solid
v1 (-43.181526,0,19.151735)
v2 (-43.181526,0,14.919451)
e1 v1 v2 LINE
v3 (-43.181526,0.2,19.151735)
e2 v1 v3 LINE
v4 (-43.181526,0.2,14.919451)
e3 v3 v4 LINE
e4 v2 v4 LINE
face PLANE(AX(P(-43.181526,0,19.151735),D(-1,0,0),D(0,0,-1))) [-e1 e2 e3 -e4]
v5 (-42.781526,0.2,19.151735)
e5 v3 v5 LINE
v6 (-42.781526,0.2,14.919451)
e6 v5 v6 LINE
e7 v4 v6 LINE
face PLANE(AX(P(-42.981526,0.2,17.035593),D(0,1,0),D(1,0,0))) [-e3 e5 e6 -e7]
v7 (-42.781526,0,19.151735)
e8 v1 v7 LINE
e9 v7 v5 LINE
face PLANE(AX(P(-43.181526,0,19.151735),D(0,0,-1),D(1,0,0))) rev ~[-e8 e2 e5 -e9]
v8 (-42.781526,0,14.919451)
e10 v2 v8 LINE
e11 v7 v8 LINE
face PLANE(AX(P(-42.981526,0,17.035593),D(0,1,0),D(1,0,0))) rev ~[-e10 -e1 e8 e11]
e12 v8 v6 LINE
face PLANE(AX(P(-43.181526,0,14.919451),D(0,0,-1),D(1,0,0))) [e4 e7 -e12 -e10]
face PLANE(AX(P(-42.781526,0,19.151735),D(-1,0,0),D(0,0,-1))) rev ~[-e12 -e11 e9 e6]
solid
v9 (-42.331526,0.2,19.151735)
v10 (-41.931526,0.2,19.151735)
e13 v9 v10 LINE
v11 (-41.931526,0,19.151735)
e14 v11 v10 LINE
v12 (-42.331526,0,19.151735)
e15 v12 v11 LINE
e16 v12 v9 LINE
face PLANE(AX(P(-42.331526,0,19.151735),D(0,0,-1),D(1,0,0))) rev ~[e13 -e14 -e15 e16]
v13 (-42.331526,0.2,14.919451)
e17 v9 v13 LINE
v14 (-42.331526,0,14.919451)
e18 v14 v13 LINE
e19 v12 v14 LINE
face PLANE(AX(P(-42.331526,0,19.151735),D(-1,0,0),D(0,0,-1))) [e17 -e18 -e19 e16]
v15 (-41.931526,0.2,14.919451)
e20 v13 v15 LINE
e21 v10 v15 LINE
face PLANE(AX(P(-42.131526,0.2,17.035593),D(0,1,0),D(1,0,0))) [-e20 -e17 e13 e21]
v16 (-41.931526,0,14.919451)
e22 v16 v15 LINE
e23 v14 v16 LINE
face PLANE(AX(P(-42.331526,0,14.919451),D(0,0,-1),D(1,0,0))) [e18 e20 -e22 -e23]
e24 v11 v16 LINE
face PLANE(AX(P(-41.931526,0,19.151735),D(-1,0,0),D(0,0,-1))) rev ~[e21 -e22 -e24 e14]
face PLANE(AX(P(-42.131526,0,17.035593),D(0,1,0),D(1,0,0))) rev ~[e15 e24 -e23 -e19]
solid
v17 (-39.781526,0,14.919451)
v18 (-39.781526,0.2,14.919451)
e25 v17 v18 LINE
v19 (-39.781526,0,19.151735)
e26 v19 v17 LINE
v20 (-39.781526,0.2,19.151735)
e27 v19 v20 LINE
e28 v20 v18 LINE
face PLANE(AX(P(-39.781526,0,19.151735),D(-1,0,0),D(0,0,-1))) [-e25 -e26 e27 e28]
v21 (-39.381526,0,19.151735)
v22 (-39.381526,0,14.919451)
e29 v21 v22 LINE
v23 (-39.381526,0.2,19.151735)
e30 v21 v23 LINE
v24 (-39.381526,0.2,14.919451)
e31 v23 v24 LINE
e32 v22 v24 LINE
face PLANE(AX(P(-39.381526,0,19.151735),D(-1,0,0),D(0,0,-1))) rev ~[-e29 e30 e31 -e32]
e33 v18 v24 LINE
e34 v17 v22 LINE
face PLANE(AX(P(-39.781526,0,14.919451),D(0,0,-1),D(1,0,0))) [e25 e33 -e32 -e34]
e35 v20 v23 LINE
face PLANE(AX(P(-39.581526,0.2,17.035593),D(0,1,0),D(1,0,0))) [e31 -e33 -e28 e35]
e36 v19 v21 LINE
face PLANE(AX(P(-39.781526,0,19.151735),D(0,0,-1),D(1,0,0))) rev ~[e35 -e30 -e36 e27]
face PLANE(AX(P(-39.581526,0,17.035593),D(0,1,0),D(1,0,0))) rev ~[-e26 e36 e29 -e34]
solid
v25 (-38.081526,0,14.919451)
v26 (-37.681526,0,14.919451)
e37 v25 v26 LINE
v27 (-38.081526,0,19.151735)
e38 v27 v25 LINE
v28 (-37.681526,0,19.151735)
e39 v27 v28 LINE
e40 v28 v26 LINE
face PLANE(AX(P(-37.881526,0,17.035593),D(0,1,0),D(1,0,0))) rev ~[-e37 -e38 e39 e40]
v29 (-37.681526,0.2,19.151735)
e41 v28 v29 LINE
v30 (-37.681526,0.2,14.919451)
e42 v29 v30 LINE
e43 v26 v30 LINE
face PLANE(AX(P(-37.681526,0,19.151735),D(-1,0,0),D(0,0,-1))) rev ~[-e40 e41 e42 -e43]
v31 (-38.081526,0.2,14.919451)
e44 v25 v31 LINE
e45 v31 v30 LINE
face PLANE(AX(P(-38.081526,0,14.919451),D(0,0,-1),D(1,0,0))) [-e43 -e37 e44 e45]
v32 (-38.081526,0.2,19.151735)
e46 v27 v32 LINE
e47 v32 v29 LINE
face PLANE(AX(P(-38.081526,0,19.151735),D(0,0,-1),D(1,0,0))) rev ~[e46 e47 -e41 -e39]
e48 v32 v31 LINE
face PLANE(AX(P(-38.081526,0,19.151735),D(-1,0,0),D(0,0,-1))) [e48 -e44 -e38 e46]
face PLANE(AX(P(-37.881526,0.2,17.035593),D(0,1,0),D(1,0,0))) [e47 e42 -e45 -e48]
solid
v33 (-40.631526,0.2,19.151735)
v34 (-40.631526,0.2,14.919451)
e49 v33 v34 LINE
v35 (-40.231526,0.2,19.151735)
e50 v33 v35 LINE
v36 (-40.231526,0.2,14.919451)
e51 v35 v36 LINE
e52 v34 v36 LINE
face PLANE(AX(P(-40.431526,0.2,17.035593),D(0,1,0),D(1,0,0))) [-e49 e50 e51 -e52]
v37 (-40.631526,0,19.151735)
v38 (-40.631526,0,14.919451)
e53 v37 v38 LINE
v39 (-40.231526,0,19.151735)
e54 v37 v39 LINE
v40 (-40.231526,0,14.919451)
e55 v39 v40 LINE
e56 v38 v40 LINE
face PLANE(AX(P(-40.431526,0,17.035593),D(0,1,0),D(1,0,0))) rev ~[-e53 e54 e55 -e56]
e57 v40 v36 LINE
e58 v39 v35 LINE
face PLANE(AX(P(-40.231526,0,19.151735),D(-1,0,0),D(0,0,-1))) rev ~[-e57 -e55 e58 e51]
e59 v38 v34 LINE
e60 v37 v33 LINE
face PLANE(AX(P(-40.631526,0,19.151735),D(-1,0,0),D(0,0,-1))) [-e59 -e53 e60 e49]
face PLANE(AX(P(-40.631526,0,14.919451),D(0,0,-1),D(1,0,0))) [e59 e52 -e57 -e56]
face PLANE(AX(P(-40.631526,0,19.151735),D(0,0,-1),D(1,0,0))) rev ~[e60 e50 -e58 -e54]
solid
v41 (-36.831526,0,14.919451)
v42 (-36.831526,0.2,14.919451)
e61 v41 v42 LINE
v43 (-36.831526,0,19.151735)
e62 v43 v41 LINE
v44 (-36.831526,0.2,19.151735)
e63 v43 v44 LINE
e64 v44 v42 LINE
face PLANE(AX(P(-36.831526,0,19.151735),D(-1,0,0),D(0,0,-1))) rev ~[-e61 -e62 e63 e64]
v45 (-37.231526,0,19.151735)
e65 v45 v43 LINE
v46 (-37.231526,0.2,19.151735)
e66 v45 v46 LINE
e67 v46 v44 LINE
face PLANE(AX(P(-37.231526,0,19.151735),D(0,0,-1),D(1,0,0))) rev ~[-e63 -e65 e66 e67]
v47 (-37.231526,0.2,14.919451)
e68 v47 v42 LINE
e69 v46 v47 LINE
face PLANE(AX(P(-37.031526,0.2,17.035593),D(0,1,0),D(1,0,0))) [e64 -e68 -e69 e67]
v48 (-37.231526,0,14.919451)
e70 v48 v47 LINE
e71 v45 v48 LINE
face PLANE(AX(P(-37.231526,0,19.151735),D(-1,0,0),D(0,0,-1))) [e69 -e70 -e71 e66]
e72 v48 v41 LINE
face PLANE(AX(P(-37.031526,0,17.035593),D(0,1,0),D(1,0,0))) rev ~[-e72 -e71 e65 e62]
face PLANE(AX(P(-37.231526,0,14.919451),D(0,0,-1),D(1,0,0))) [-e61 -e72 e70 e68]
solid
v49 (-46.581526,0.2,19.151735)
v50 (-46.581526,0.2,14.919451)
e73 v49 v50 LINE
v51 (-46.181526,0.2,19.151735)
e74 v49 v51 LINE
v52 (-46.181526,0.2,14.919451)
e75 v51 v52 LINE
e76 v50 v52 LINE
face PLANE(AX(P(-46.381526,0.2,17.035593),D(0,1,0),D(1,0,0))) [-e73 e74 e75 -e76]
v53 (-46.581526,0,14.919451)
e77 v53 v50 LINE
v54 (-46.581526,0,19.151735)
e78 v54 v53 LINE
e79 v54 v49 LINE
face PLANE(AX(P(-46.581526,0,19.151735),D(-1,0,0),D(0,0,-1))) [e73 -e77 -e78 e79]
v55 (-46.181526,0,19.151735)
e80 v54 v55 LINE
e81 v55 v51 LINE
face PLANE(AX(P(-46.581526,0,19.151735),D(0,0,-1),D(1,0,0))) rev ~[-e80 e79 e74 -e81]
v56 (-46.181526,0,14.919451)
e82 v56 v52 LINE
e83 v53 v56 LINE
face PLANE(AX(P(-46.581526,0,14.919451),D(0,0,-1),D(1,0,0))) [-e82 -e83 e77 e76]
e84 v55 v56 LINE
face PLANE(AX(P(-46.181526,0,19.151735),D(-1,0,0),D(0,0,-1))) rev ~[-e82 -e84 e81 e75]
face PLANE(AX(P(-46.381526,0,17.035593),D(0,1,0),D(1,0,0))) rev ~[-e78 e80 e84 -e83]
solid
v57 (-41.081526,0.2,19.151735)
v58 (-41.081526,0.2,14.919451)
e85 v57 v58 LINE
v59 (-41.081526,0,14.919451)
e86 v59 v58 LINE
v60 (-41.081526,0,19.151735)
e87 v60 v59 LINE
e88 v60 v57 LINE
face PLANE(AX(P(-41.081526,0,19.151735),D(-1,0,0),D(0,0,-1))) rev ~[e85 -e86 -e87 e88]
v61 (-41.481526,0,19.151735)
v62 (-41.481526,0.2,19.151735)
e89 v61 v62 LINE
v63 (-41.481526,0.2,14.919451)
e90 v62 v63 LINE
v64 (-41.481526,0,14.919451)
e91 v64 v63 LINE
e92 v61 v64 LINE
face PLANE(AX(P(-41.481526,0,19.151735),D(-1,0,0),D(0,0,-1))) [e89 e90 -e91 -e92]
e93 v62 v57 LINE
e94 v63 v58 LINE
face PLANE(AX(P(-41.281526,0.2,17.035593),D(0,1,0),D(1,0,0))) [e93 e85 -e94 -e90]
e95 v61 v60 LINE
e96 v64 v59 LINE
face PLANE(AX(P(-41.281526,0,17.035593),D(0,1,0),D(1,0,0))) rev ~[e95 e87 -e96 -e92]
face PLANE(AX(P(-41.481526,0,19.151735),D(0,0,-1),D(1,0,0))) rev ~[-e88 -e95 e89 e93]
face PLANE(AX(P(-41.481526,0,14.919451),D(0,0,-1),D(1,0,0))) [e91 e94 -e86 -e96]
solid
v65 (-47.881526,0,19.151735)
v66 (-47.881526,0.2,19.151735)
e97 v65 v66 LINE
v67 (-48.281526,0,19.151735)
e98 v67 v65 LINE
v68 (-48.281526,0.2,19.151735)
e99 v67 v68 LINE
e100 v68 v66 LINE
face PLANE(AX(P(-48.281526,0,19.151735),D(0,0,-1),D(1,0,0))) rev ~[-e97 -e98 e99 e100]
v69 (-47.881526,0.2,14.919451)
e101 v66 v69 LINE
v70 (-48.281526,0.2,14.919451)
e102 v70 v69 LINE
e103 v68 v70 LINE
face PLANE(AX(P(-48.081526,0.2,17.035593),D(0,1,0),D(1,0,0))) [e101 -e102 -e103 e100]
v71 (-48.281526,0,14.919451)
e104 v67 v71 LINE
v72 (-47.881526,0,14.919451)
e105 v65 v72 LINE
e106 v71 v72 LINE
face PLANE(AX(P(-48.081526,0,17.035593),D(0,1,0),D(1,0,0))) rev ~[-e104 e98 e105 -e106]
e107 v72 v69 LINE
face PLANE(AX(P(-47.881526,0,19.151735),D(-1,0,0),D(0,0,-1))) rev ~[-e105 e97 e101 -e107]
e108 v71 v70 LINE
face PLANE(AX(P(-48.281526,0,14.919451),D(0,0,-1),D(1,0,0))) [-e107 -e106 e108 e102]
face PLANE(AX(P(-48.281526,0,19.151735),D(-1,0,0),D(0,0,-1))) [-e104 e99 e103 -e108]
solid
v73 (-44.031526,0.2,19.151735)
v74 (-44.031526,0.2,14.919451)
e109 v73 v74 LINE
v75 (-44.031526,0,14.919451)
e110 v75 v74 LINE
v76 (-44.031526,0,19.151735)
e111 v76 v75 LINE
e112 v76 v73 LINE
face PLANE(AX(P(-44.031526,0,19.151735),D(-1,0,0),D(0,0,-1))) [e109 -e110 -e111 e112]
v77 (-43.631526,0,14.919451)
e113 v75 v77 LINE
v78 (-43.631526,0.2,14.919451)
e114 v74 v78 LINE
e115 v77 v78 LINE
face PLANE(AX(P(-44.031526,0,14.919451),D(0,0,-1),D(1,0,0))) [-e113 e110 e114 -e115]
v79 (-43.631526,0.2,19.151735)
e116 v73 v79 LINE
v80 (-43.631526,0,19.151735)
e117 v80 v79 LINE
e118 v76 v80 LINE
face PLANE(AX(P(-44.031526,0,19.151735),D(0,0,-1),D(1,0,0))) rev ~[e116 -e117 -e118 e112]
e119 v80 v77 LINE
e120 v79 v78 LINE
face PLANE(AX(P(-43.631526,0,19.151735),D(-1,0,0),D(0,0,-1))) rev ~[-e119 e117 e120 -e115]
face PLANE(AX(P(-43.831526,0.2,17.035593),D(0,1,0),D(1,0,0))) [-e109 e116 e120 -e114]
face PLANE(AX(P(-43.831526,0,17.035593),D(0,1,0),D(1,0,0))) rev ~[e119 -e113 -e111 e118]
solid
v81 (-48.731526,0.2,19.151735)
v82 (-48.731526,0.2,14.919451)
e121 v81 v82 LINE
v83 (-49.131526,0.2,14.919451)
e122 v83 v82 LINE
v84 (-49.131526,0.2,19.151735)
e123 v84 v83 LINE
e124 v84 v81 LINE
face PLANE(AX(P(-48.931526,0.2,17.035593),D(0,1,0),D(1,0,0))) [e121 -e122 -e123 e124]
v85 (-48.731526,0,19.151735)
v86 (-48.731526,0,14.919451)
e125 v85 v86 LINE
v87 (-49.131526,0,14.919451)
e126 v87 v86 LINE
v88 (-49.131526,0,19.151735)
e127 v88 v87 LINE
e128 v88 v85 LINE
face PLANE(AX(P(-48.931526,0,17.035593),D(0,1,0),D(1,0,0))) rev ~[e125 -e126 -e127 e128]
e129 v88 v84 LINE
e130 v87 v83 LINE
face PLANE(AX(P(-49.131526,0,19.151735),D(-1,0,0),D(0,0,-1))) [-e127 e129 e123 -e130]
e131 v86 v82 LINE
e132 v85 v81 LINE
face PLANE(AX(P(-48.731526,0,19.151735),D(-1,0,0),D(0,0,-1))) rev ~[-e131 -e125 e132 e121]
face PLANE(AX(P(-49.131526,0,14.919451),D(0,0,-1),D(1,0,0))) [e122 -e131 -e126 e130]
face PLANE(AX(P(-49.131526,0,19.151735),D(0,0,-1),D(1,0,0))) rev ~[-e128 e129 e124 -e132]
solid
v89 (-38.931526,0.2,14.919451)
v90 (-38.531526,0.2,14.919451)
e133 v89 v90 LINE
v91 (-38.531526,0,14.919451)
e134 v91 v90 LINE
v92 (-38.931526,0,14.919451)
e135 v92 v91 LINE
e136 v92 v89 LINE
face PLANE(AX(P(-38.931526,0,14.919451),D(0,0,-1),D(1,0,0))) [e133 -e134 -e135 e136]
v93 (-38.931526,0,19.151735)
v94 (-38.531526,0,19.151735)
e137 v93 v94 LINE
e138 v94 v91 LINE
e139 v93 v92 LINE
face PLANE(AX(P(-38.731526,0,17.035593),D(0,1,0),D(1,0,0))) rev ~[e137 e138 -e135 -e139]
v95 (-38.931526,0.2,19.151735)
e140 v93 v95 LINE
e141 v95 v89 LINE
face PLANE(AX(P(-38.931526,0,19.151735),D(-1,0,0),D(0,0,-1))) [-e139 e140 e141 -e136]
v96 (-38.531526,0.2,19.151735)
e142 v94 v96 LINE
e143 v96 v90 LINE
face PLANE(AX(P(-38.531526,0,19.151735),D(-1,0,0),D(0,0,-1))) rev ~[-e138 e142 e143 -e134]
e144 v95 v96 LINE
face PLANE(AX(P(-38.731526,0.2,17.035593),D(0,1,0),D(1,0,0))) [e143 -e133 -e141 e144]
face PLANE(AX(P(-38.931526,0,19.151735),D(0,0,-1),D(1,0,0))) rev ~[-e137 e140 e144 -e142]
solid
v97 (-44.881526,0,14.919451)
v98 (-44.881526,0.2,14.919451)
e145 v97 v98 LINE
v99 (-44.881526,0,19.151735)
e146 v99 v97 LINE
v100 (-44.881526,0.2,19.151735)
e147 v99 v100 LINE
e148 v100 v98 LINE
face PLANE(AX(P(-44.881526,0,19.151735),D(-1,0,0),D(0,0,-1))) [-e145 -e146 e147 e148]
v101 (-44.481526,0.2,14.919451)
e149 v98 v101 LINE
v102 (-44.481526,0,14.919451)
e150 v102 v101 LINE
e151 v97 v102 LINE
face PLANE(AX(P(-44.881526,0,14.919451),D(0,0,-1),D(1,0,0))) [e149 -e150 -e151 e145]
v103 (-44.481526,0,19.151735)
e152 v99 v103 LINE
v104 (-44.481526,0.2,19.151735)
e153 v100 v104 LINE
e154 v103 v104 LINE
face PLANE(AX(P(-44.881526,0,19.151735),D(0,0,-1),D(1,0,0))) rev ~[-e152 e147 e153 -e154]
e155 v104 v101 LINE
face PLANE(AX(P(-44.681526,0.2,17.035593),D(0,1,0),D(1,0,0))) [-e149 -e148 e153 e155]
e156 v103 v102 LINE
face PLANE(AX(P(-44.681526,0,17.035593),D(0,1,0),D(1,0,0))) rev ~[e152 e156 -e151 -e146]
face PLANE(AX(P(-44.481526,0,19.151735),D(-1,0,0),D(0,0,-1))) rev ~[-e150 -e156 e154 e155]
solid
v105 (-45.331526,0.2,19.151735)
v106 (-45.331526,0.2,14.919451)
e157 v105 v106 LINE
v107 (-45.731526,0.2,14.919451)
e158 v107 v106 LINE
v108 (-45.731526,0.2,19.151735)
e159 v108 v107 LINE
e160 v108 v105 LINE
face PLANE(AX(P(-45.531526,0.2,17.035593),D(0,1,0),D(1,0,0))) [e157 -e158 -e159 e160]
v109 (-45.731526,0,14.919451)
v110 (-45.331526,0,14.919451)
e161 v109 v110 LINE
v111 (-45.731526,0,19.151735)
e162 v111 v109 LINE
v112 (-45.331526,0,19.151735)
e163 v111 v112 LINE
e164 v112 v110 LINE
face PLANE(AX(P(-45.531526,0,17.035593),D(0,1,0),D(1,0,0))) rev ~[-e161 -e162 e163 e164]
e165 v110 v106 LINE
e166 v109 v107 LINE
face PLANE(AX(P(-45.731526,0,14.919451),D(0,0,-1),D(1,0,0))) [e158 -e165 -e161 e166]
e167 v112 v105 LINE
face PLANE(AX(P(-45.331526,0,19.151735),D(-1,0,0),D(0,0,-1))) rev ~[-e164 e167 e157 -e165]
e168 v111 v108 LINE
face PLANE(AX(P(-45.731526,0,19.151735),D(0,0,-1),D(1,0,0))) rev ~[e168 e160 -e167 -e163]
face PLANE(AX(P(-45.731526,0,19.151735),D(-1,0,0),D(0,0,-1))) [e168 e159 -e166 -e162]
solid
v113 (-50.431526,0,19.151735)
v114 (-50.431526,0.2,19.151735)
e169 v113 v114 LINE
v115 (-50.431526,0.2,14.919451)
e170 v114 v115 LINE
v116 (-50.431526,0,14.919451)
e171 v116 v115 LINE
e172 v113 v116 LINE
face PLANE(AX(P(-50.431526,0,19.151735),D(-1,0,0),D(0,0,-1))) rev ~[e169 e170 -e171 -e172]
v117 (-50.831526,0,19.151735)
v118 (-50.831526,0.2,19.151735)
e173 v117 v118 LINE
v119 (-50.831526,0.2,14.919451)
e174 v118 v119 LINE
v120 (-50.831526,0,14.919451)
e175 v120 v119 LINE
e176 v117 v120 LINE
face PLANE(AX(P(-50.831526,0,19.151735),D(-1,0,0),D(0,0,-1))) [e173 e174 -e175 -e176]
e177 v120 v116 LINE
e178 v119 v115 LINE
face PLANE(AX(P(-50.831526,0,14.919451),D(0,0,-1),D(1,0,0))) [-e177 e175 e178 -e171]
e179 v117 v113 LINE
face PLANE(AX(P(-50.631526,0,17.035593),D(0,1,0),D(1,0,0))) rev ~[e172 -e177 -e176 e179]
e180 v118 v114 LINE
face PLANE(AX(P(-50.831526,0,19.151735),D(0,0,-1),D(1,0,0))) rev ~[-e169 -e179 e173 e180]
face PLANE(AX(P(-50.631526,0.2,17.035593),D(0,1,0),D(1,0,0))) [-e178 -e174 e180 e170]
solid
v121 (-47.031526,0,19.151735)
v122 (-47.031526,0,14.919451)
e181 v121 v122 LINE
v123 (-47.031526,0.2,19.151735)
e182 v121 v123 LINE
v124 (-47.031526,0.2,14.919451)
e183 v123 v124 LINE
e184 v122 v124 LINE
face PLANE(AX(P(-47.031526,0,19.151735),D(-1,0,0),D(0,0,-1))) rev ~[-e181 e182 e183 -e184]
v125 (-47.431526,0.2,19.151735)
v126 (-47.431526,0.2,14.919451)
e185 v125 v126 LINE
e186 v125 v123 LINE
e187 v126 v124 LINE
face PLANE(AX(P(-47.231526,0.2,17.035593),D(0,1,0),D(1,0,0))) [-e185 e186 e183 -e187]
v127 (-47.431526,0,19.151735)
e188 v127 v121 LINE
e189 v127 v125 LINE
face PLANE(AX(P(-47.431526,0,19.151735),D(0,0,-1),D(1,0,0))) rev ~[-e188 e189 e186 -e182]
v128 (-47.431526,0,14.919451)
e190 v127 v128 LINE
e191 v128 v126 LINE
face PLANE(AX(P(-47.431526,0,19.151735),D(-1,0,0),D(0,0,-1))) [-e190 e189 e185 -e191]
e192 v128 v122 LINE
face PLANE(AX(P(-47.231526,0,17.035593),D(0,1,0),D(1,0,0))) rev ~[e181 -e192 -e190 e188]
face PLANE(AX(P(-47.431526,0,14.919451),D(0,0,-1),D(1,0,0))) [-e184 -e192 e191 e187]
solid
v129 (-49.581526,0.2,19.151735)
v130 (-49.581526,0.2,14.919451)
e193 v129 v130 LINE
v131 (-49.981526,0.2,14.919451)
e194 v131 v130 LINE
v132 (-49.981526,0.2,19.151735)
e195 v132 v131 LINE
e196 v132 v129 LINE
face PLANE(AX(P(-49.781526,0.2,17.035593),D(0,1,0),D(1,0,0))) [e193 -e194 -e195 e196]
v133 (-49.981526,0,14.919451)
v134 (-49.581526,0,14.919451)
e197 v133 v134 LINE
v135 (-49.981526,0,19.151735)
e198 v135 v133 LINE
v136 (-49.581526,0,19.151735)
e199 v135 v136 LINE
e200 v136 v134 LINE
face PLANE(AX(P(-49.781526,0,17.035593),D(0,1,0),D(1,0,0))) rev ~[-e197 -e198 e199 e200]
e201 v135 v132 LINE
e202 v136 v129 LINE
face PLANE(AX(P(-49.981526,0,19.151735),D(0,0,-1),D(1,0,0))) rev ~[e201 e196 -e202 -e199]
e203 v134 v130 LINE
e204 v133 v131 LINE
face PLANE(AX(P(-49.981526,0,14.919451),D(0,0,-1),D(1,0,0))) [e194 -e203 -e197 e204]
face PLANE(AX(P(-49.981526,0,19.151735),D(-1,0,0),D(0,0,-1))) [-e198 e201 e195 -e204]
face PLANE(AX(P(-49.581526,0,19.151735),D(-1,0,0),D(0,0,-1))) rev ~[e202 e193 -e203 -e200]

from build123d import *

# Parameters (mm, degrees)
SKETCH1_W              = 0.4
SKETCH1_H              = 4.232283465
BOSS_EXTRUDE1_DEPTH    = 0.2
BOSS_EXTRUDE1_2_DEPTH  = 0.2
BOSS_EXTRUDE1_3_DEPTH  = 0.2
BOSS_EXTRUDE1_4_DEPTH  = 0.2
BOSS_EXTRUDE1_5_DEPTH  = 0.2
BOSS_EXTRUDE1_6_DEPTH  = 0.2
BOSS_EXTRUDE1_7_DEPTH  = 0.2
BOSS_EXTRUDE1_8_DEPTH  = 0.2
BOSS_EXTRUDE1_9_DEPTH  = 0.2
BOSS_EXTRUDE1_10_DEPTH = 0.2
BOSS_EXTRUDE1_11_DEPTH = 0.2
BOSS_EXTRUDE1_12_DEPTH = 0.2
BOSS_EXTRUDE1_13_DEPTH = 0.2
BOSS_EXTRUDE1_14_DEPTH = 0.2
BOSS_EXTRUDE1_15_DEPTH = 0.2
BOSS_EXTRUDE1_16_DEPTH = 0.2
BOSS_EXTRUDE1_17_DEPTH = 0.2


with BuildPart() as part:
    # Sketch1 → Boss-Extrude1 (new body)
    with BuildSketch(Plane(origin=(0, 0, 0), x_dir=(1, 0, 0), z_dir=(0, 1, 0))):
        with Locations((-49.781526204, -17.035592861)):
            Rectangle(SKETCH1_W, SKETCH1_H)
    extrude(amount=BOSS_EXTRUDE1_DEPTH)


with BuildPart() as body_2:
    # Sketch1 → Boss-Extrude1 2 (new body)
    with BuildSketch(Plane(origin=(0, 0, 0), x_dir=(1, 0, 0), z_dir=(0, 1, 0))):
        with Locations((-50.631526204, -17.035592861)):
            Rectangle(SKETCH1_W, SKETCH1_H)
    extrude(amount=BOSS_EXTRUDE1_2_DEPTH)


with BuildPart() as body_3:
    # Sketch1 → Boss-Extrude1 3 (new body)
    with BuildSketch(Plane(origin=(0, 0, 0), x_dir=(1, 0, 0), z_dir=(0, 1, 0))):
        with Locations((-48.931526204, -17.035592861)):
            Rectangle(SKETCH1_W, SKETCH1_H)
    extrude(amount=BOSS_EXTRUDE1_3_DEPTH)


with BuildPart() as body_4:
    # Sketch1 → Boss-Extrude1 4 (new body)
    with BuildSketch(Plane(origin=(0, 0, 0), x_dir=(1, 0, 0), z_dir=(0, 1, 0))):
        with Locations((-48.081526204, -17.035592861)):
            Rectangle(SKETCH1_W, SKETCH1_H)
    extrude(amount=BOSS_EXTRUDE1_4_DEPTH)


with BuildPart() as body_5:
    # Sketch1 → Boss-Extrude1 5 (new body)
    with BuildSketch(Plane(origin=(0, 0, 0), x_dir=(1, 0, 0), z_dir=(0, 1, 0))):
        with Locations((-47.231526204, -17.035592861)):
            Rectangle(SKETCH1_W, SKETCH1_H)
    extrude(amount=BOSS_EXTRUDE1_5_DEPTH)


with BuildPart() as body_6:
    # Sketch1 → Boss-Extrude1 6 (new body)
    with BuildSketch(Plane(origin=(0, 0, 0), x_dir=(1, 0, 0), z_dir=(0, 1, 0))):
        with Locations((-46.381526204, -17.035592861)):
            Rectangle(SKETCH1_W, SKETCH1_H)
    extrude(amount=BOSS_EXTRUDE1_6_DEPTH)


with BuildPart() as body_7:
    # Sketch1 → Boss-Extrude1 7 (new body)
    with BuildSketch(Plane(origin=(0, 0, 0), x_dir=(1, 0, 0), z_dir=(0, 1, 0))):
        with Locations((-45.531526204, -17.035592861)):
            Rectangle(SKETCH1_W, SKETCH1_H)
    extrude(amount=BOSS_EXTRUDE1_7_DEPTH)


with BuildPart() as body_8:
    # Sketch1 → Boss-Extrude1 8 (new body)
    with BuildSketch(Plane(origin=(0, 0, 0), x_dir=(1, 0, 0), z_dir=(0, 1, 0))):
        with Locations((-44.681526204, -17.035592861)):
            Rectangle(SKETCH1_W, SKETCH1_H)
    extrude(amount=BOSS_EXTRUDE1_8_DEPTH)


with BuildPart() as body_9:
    # Sketch1 → Boss-Extrude1 9 (new body)
    with BuildSketch(Plane(origin=(0, 0, 0), x_dir=(1, 0, 0), z_dir=(0, 1, 0))):
        with Locations((-43.831526204, -17.035592861)):
            Rectangle(SKETCH1_W, SKETCH1_H)
    extrude(amount=BOSS_EXTRUDE1_9_DEPTH)


with BuildPart() as body_10:
    # Sketch1 → Boss-Extrude1 10 (new body)
    with BuildSketch(Plane(origin=(0, 0, 0), x_dir=(1, 0, 0), z_dir=(0, 1, 0))):
        with Locations((-42.981526204, -17.035592861)):
            Rectangle(SKETCH1_W, SKETCH1_H)
    extrude(amount=BOSS_EXTRUDE1_10_DEPTH)


with BuildPart() as body_11:
    # Sketch1 → Boss-Extrude1 11 (new body)
    with BuildSketch(Plane(origin=(0, 0, 0), x_dir=(1, 0, 0), z_dir=(0, 1, 0))):
        with Locations((-42.131526204, -17.035592861)):
            Rectangle(SKETCH1_W, SKETCH1_H)
    extrude(amount=BOSS_EXTRUDE1_11_DEPTH)


with BuildPart() as body_12:
    # Sketch1 → Boss-Extrude1 12 (new body)
    with BuildSketch(Plane(origin=(0, 0, 0), x_dir=(1, 0, 0), z_dir=(0, 1, 0))):
        with Locations((-41.281526204, -17.035592861)):
            Rectangle(SKETCH1_W, SKETCH1_H)
    extrude(amount=BOSS_EXTRUDE1_12_DEPTH)


with BuildPart() as body_13:
    # Sketch1 → Boss-Extrude1 13 (new body)
    with BuildSketch(Plane(origin=(0, 0, 0), x_dir=(1, 0, 0), z_dir=(0, 1, 0))):
        with Locations((-40.431526204, -17.035592861)):
            Rectangle(SKETCH1_W, SKETCH1_H)
    extrude(amount=BOSS_EXTRUDE1_13_DEPTH)


with BuildPart() as body_14:
    # Sketch1 → Boss-Extrude1 14 (new body)
    with BuildSketch(Plane(origin=(0, 0, 0), x_dir=(1, 0, 0), z_dir=(0, 1, 0))):
        with Locations((-39.581526204, -17.035592861)):
            Rectangle(SKETCH1_W, SKETCH1_H)
    extrude(amount=BOSS_EXTRUDE1_14_DEPTH)


with BuildPart() as body_15:
    # Sketch1 → Boss-Extrude1 15 (new body)
    with BuildSketch(Plane(origin=(0, 0, 0), x_dir=(1, 0, 0), z_dir=(0, 1, 0))):
        with Locations((-38.731526204, -17.035592861)):
            Rectangle(SKETCH1_W, SKETCH1_H)
    extrude(amount=BOSS_EXTRUDE1_15_DEPTH)


with BuildPart() as body_16:
    # Sketch1 → Boss-Extrude1 16 (new body)
    with BuildSketch(Plane(origin=(0, 0, 0), x_dir=(1, 0, 0), z_dir=(0, 1, 0))):
        with Locations((-37.881526204, -17.035592861)):
            Rectangle(SKETCH1_W, SKETCH1_H)
    extrude(amount=BOSS_EXTRUDE1_16_DEPTH)


with BuildPart() as body_17:
    # Sketch1 → Boss-Extrude1 17 (new body)
    with BuildSketch(Plane(origin=(0, 0, 0), x_dir=(1, 0, 0), z_dir=(0, 1, 0))):
        with Locations((-37.031526204, -17.035592861)):
            Rectangle(SKETCH1_W, SKETCH1_H)
    extrude(amount=BOSS_EXTRUDE1_17_DEPTH)


solid = Compound([part.part, body_2.part, body_3.part, body_4.part, body_5.part, body_6.part, body_7.part, body_8.part, body_9.part, body_10.part, body_11.part, body_12.part, body_13.part, body_14.part, body_15.part, body_16.part, body_17.part])
